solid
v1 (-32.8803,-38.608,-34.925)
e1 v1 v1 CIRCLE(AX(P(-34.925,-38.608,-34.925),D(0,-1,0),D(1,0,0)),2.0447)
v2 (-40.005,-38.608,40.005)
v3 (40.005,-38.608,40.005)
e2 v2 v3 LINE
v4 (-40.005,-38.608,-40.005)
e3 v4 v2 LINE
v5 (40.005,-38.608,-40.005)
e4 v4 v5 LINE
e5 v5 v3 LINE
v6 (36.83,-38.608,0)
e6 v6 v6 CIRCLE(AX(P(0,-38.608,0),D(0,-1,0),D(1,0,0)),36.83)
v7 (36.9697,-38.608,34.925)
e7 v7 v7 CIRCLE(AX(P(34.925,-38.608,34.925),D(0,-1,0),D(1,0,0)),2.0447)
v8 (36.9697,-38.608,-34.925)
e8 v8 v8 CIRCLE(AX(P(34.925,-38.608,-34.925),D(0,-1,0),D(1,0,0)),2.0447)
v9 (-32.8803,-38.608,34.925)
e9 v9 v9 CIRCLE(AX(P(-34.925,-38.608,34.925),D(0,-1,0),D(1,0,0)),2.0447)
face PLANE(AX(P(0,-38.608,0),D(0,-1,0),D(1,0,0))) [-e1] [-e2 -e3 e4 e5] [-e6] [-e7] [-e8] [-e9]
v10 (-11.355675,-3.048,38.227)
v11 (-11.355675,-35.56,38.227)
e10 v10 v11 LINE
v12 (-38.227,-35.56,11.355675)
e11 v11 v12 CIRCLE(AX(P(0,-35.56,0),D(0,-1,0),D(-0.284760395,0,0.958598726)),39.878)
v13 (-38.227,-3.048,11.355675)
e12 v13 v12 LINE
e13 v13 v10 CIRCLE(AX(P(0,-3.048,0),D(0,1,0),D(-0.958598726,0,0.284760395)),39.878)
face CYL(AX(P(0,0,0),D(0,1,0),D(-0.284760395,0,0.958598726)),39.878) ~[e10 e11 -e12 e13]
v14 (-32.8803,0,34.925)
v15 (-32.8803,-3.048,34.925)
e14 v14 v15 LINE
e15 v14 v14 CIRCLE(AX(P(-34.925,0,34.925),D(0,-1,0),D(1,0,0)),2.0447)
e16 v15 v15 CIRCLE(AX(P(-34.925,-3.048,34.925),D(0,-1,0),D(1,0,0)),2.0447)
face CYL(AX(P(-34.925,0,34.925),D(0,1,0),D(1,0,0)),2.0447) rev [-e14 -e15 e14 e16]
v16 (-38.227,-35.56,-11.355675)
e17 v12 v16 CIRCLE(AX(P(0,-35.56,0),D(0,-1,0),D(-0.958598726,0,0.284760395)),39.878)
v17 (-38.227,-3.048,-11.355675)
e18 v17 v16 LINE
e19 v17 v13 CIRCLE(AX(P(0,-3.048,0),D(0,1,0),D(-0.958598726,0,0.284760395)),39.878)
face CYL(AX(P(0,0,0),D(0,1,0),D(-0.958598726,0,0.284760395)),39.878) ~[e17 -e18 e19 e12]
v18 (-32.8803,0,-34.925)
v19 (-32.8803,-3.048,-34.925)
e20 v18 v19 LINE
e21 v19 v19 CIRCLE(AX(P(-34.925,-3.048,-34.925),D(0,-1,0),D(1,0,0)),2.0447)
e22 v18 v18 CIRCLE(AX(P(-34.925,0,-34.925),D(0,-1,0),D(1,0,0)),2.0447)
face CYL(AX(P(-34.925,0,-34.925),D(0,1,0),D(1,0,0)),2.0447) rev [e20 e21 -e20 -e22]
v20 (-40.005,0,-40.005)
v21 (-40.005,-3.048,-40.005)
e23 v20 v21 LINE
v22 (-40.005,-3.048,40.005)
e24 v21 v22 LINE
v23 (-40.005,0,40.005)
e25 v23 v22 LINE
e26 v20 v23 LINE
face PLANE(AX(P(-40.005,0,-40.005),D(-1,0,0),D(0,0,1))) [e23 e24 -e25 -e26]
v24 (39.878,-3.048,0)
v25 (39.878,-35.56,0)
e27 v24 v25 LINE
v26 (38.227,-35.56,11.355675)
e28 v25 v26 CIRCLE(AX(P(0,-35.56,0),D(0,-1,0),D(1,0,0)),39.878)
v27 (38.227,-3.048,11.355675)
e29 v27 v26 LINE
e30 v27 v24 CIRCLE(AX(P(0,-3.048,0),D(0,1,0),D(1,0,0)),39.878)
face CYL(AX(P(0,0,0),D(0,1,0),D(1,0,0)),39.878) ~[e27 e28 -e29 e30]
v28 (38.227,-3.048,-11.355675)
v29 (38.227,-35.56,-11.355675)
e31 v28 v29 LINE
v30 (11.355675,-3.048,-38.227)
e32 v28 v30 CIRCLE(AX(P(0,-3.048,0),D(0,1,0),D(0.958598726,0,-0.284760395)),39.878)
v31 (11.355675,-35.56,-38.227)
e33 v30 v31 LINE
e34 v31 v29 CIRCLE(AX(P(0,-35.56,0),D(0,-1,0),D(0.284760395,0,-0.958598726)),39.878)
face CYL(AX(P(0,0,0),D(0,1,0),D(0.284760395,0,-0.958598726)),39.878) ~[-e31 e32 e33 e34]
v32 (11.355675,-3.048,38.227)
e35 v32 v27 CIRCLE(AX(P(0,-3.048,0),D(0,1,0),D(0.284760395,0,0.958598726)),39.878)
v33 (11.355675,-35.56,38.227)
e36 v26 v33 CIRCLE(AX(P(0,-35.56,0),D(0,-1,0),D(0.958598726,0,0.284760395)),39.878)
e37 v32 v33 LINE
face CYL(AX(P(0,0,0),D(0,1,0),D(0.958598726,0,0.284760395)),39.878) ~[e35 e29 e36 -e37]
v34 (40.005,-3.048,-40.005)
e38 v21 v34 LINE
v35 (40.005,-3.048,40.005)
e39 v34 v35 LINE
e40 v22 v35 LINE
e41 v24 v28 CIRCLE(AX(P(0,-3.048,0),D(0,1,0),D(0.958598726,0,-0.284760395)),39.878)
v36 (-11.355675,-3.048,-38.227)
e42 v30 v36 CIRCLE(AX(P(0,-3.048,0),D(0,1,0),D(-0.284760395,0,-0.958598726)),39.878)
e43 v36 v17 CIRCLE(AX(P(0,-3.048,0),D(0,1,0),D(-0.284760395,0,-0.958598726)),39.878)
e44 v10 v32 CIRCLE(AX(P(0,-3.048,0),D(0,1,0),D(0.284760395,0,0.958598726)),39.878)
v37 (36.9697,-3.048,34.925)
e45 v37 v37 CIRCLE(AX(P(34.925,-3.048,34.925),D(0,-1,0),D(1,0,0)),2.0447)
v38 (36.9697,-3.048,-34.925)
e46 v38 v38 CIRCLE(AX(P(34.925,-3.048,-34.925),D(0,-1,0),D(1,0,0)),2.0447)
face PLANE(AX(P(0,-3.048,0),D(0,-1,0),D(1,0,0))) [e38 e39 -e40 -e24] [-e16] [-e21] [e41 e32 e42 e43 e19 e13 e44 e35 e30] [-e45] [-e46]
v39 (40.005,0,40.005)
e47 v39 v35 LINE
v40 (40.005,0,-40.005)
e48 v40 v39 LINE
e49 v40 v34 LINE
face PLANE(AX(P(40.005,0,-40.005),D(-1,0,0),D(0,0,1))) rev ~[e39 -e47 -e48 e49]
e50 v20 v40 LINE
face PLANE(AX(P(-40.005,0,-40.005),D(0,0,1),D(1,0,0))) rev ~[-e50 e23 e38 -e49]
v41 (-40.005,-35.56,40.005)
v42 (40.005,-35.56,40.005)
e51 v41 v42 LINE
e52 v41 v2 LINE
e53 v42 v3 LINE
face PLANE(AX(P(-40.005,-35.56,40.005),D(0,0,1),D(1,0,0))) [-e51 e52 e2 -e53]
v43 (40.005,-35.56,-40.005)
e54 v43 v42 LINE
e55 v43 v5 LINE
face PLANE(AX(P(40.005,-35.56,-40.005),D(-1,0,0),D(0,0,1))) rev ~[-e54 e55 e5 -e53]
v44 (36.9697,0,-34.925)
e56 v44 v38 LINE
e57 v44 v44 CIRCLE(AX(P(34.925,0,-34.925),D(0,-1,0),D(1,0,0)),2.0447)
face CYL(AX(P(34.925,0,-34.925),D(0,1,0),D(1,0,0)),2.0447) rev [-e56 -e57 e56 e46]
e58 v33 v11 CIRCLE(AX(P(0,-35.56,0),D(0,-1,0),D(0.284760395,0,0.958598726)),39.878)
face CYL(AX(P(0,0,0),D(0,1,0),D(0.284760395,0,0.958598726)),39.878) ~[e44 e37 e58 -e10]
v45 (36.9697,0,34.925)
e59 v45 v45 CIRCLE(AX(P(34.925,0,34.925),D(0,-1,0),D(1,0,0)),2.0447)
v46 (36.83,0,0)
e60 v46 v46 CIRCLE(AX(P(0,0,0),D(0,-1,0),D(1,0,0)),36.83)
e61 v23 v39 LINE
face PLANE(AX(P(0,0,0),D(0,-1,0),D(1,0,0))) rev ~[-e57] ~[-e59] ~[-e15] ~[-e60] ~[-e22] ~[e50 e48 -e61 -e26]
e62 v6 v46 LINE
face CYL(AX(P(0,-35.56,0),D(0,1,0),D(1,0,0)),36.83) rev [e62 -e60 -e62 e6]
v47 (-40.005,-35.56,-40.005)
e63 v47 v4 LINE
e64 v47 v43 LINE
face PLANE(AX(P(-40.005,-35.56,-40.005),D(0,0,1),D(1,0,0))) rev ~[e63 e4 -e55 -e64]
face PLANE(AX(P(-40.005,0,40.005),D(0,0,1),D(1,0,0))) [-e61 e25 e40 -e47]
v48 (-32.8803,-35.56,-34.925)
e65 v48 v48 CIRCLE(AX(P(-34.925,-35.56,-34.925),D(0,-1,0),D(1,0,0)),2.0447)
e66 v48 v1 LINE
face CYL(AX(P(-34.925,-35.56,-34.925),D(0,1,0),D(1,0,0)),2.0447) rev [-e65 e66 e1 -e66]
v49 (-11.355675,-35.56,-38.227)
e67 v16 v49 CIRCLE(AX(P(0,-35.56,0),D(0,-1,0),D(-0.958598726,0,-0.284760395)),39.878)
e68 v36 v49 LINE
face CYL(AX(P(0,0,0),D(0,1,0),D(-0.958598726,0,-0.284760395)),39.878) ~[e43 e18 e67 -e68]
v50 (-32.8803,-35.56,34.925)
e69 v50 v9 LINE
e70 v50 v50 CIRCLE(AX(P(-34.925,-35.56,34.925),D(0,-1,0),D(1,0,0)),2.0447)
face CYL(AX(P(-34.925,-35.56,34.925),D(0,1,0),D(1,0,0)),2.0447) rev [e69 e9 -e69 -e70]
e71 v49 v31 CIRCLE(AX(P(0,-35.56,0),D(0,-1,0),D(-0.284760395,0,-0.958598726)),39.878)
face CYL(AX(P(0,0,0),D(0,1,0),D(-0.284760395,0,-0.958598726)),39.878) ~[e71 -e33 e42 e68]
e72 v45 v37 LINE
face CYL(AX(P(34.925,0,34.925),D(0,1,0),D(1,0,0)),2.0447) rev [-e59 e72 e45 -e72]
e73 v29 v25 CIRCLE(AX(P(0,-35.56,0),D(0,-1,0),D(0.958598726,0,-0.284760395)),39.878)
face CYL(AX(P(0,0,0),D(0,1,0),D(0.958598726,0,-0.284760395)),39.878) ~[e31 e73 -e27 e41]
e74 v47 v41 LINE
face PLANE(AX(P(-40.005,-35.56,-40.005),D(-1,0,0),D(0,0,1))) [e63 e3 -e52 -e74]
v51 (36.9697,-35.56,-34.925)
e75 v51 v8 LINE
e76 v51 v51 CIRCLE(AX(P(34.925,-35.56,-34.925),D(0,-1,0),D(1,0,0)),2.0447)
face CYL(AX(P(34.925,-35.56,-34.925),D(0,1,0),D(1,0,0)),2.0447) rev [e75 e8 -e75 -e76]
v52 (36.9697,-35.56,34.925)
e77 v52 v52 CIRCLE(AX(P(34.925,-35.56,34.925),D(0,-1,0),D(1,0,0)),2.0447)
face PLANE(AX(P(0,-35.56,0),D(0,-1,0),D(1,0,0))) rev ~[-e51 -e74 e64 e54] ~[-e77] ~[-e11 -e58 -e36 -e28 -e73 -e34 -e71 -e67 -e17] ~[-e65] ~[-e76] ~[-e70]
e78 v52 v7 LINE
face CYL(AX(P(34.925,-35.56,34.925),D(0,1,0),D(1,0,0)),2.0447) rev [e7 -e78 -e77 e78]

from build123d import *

# Parameters (mm, degrees)
F0_W     = 80.01
F0_H     = 80.01
F0_R     = 2.0447
F1_DEPTH = 3.048
F0_R_2   = 36.83
F2_DEPTH = 35.56
F3_W     = 80.01
F3_H     = 80.01
F3_R     = 2.0447
F3_R_2   = 36.83
F4_DEPTH = 3.048


with BuildPart() as f1:
    # F0 (on Front) → F1 (new body)
    with BuildSketch(Plane.XZ):
        Rectangle(F0_W, F0_H)
        with BuildLine():
            Line((11.355675013, 38.227), (24.6347928475, 38.227))
            Line((24.6347928475, 38.227), (38.227, 38.227))
            Line((38.227, 38.227), (38.227, 24.6347928475))
            Line((38.227, 24.6347928475), (38.227, 11.355675013))
            ThreePointArc((38.227, 11.355675013), (39.463091554, 5.737533355), (39.878, 0))
            ThreePointArc((39.878, 0), (39.463091554, -5.737533355), (38.227, -11.355675013))
            Line((38.227, -11.355675013), (38.227, -24.6347928475))
            Line((38.227, -24.6347928475), (38.227, -38.227))
            Line((38.227, -38.227), (24.6347928475, -38.227))
            Line((24.6347928475, -38.227), (11.355675013, -38.227))
            ThreePointArc((11.355675013, -38.227), (0, -39.878), (-11.355675013, -38.227))
            Line((-11.355675013, -38.227), (-24.6347928475, -38.227))
            Line((-24.6347928475, -38.227), (-38.227, -38.227))
            Line((-38.227, -38.227), (-38.227, -24.6347928475))
            Line((-38.227, -24.6347928475), (-38.227, -11.355675013))
            ThreePointArc((-38.227, -11.355675013), (-39.878, 0), (-38.227, 11.355675013))
            Line((-38.227, 11.355675013), (-38.227, 24.6347928475))
            Line((-38.227, 24.6347928475), (-38.227, 38.227))
            Line((-38.227, 38.227), (-24.6347928475, 38.227))
            Line((-24.6347928475, 38.227), (-11.355675013, 38.227))
            ThreePointArc((-11.355675013, 38.227), (0, 39.878), (11.355675013, 38.227))
        make_face(mode=Mode.SUBTRACT)
        Polygon((38.227, 38.227), (24.6347928475, 38.227), (38.227, 24.6347928475), align=None)
        with Locations((34.925, 34.925)):
            Circle(F0_R, mode=Mode.SUBTRACT)
        Polygon((38.227, -38.227), (38.227, -24.6347928475), (24.6347928475, -38.227), align=None)
        with Locations((34.925, -34.925)):
            Circle(F0_R, mode=Mode.SUBTRACT)
        Polygon((-24.6347928475, -38.227), (-38.227, -24.6347928475), (-38.227, -38.227), align=None)
        with Locations((-34.925, -34.925)):
            Circle(F0_R, mode=Mode.SUBTRACT)
        Polygon((-38.227, 24.6347928475), (-24.6347928475, 38.227), (-38.227, 38.227), align=None)
        with Locations((-34.925, 34.925)):
            Circle(F0_R, mode=Mode.SUBTRACT)
        with BuildLine():
            Line((-11.355675013, 38.227), (11.355675013, 38.227))
            ThreePointArc((11.355675013, 38.227), (0, 39.878), (-11.355675013, 38.227))
        make_face()
        with BuildLine():
            ThreePointArc((39.878, 0), (39.463091554, 5.737533355), (38.227, 11.355675013))
            Line((38.227, 11.355675013), (38.227, -11.355675013))
            ThreePointArc((38.227, -11.355675013), (39.463091554, -5.737533355), (39.878, 0))
        make_face()
        with BuildLine():
            ThreePointArc((-11.355675013, -38.227), (0, -39.878), (11.355675013, -38.227))
            Line((11.355675013, -38.227), (-11.355675013, -38.227))
        make_face()
        with BuildLine():
            Line((-38.227, -11.355675013), (-38.227, 11.355675013))
            ThreePointArc((-38.227, 11.355675013), (-39.878, 0), (-38.227, -11.355675013))
        make_face()
        with BuildLine():
            ThreePointArc((-11.355675013, -38.227), (-28.1980042202, -28.1980042202), (-38.227, -11.355675013))
            Line((-38.227, -11.355675013), (-38.227, -24.6347928475))
            Line((-38.227, -24.6347928475), (-24.6347928475, -38.227))
            Line((-24.6347928475, -38.227), (-11.355675013, -38.227))
        make_face()
        with BuildLine():
            ThreePointArc((-38.227, 11.355675013), (-28.1980042202, 28.1980042202), (-11.355675013, 38.227))
            Line((-11.355675013, 38.227), (-24.6347928475, 38.227))
            Line((-24.6347928475, 38.227), (-38.227, 24.6347928475))
            Line((-38.227, 24.6347928475), (-38.227, 11.355675013))
        make_face()
        with BuildLine():
            Line((38.227, 24.6347928475), (24.6347928475, 38.227))
            Line((24.6347928475, 38.227), (11.355675013, 38.227))
            ThreePointArc((11.355675013, 38.227), (28.1980042202, 28.1980042202), (38.227, 11.355675013))
            Line((38.227, 11.355675013), (38.227, 24.6347928475))
        make_face()
        with BuildLine():
            Line((38.227, -24.6347928475), (38.227, -11.355675013))
            ThreePointArc((38.227, -11.355675013), (28.1980042202, -28.1980042202), (11.355675013, -38.227))
            Line((11.355675013, -38.227), (24.6347928475, -38.227))
            Line((24.6347928475, -38.227), (38.227, -24.6347928475))
        make_face()
    extrude(amount=F1_DEPTH)

    # F0 (on Front) → F2 (join)
    with BuildSketch(Plane.XZ):
        with BuildLine():
            ThreePointArc((38.227, 11.355675013), (28.1980042202, 28.1980042202), (11.355675013, 38.227))
            Line((11.355675013, 38.227), (-11.355675013, 38.227))
            ThreePointArc((-11.355675013, 38.227), (-28.1980042202, 28.1980042202), (-38.227, 11.355675013))
            Line((-38.227, 11.355675013), (-38.227, -11.355675013))
            ThreePointArc((-38.227, -11.355675013), (-28.1980042202, -28.1980042202), (-11.355675013, -38.227))
            Line((-11.355675013, -38.227), (11.355675013, -38.227))
            ThreePointArc((11.355675013, -38.227), (28.1980042202, -28.1980042202), (38.227, -11.355675013))
            Line((38.227, -11.355675013), (38.227, 11.355675013))
        make_face()
        Circle(F0_R_2, mode=Mode.SUBTRACT)
        with BuildLine():
            ThreePointArc((39.878, 0), (39.463091554, 5.737533355), (38.227, 11.355675013))
            Line((38.227, 11.355675013), (38.227, -11.355675013))
            ThreePointArc((38.227, -11.355675013), (39.463091554, -5.737533355), (39.878, 0))
        make_face()
        with BuildLine():
            Line((-38.227, -11.355675013), (-38.227, 11.355675013))
            ThreePointArc((-38.227, 11.355675013), (-39.878, 0), (-38.227, -11.355675013))
        make_face()
        with BuildLine():
            ThreePointArc((-11.355675013, -38.227), (0, -39.878), (11.355675013, -38.227))
            Line((11.355675013, -38.227), (-11.355675013, -38.227))
        make_face()
        with BuildLine():
            Line((-11.355675013, 38.227), (11.355675013, 38.227))
            ThreePointArc((11.355675013, 38.227), (0, 39.878), (-11.355675013, 38.227))
        make_face()
    extrude(amount=F2_DEPTH)

    # F3 (on face) → F4 (join)
    with BuildSketch(Plane.XZ.offset(35.56)):
        Rectangle(F3_W, F3_H)
        Polygon((-38.227, -38.227), (-38.227, -24.6347928475), (-38.227, 24.6347928475), (-38.227, 38.227), (-24.6347928475, 38.227), (24.6347928475, 38.227), (38.227, 38.227), (38.227, 24.6347928475), (38.227, -24.6347928475), (38.227, -38.227), (24.6347928475, -38.227), (-24.6347928475, -38.227), align=None, mode=Mode.SUBTRACT)
        Polygon((-24.6347928475, -38.227), (-38.227, -24.6347928475), (-38.227, -38.227), align=None)
        with Locations((-34.925, -34.925)):
            Circle(F3_R, mode=Mode.SUBTRACT)
        Polygon((-38.227, 38.227), (-38.227, 24.6347928475), (-24.6347928475, 38.227), align=None)
        with Locations((-34.925, 34.925)):
            Circle(F3_R, mode=Mode.SUBTRACT)
        Polygon((38.227, 38.227), (24.6347928475, 38.227), (38.227, 24.6347928475), align=None)
        with Locations((34.925, 34.925)):
            Circle(F3_R, mode=Mode.SUBTRACT)
        Polygon((38.227, -24.6347928475), (24.6347928475, -38.227), (38.227, -38.227), align=None)
        with Locations((34.925, -34.925)):
            Circle(F3_R, mode=Mode.SUBTRACT)
        with BuildLine():
            Line((-38.227, 11.355675013), (-38.227, -11.355675013))
            ThreePointArc((-38.227, -11.355675013), (-28.1980042202, -28.1980042202), (-11.355675013, -38.227))
            Line((-11.355675013, -38.227), (11.355675013, -38.227))
            ThreePointArc((11.355675013, -38.227), (28.1980042202, -28.1980042202), (38.227, -11.355675013))
            Line((38.227, -11.355675013), (38.227, 11.355675013))
            ThreePointArc((38.227, 11.355675013), (28.1980042202, 28.1980042202), (11.355675013, 38.227))
            Line((11.355675013, 38.227), (-11.355675013, 38.227))
            ThreePointArc((-11.355675013, 38.227), (-28.1980042202, 28.1980042202), (-38.227, 11.355675013))
        make_face()
        Circle(F3_R_2, mode=Mode.SUBTRACT)
        with BuildLine():
            ThreePointArc((38.227, -11.355675013), (28.1980042202, -28.1980042202), (11.355675013, -38.227))
            Line((11.355675013, -38.227), (24.6347928475, -38.227))
            Line((24.6347928475, -38.227), (38.227, -24.6347928475))
            Line((38.227, -24.6347928475), (38.227, -11.355675013))
        make_face()
        with BuildLine():
            Line((24.6347928475, 38.227), (11.355675013, 38.227))
            ThreePointArc((11.355675013, 38.227), (28.1980042202, 28.1980042202), (38.227, 11.355675013))
            Line((38.227, 11.355675013), (38.227, 24.6347928475))
            Line((38.227, 24.6347928475), (24.6347928475, 38.227))
        make_face()
        with BuildLine():
            Line((-38.227, 24.6347928475), (-38.227, 11.355675013))
            ThreePointArc((-38.227, 11.355675013), (-28.1980042202, 28.1980042202), (-11.355675013, 38.227))
            Line((-11.355675013, 38.227), (-24.6347928475, 38.227))
            Line((-24.6347928475, 38.227), (-38.227, 24.6347928475))
        make_face()
        with BuildLine():
            Line((-38.227, -11.355675013), (-38.227, -24.6347928475))
            Line((-38.227, -24.6347928475), (-24.6347928475, -38.227))
            Line((-24.6347928475, -38.227), (-11.355675013, -38.227))
            ThreePointArc((-11.355675013, -38.227), (-28.1980042202, -28.1980042202), (-38.227, -11.355675013))
        make_face()
    extrude(amount=F4_DEPTH)


solid = f1.part
